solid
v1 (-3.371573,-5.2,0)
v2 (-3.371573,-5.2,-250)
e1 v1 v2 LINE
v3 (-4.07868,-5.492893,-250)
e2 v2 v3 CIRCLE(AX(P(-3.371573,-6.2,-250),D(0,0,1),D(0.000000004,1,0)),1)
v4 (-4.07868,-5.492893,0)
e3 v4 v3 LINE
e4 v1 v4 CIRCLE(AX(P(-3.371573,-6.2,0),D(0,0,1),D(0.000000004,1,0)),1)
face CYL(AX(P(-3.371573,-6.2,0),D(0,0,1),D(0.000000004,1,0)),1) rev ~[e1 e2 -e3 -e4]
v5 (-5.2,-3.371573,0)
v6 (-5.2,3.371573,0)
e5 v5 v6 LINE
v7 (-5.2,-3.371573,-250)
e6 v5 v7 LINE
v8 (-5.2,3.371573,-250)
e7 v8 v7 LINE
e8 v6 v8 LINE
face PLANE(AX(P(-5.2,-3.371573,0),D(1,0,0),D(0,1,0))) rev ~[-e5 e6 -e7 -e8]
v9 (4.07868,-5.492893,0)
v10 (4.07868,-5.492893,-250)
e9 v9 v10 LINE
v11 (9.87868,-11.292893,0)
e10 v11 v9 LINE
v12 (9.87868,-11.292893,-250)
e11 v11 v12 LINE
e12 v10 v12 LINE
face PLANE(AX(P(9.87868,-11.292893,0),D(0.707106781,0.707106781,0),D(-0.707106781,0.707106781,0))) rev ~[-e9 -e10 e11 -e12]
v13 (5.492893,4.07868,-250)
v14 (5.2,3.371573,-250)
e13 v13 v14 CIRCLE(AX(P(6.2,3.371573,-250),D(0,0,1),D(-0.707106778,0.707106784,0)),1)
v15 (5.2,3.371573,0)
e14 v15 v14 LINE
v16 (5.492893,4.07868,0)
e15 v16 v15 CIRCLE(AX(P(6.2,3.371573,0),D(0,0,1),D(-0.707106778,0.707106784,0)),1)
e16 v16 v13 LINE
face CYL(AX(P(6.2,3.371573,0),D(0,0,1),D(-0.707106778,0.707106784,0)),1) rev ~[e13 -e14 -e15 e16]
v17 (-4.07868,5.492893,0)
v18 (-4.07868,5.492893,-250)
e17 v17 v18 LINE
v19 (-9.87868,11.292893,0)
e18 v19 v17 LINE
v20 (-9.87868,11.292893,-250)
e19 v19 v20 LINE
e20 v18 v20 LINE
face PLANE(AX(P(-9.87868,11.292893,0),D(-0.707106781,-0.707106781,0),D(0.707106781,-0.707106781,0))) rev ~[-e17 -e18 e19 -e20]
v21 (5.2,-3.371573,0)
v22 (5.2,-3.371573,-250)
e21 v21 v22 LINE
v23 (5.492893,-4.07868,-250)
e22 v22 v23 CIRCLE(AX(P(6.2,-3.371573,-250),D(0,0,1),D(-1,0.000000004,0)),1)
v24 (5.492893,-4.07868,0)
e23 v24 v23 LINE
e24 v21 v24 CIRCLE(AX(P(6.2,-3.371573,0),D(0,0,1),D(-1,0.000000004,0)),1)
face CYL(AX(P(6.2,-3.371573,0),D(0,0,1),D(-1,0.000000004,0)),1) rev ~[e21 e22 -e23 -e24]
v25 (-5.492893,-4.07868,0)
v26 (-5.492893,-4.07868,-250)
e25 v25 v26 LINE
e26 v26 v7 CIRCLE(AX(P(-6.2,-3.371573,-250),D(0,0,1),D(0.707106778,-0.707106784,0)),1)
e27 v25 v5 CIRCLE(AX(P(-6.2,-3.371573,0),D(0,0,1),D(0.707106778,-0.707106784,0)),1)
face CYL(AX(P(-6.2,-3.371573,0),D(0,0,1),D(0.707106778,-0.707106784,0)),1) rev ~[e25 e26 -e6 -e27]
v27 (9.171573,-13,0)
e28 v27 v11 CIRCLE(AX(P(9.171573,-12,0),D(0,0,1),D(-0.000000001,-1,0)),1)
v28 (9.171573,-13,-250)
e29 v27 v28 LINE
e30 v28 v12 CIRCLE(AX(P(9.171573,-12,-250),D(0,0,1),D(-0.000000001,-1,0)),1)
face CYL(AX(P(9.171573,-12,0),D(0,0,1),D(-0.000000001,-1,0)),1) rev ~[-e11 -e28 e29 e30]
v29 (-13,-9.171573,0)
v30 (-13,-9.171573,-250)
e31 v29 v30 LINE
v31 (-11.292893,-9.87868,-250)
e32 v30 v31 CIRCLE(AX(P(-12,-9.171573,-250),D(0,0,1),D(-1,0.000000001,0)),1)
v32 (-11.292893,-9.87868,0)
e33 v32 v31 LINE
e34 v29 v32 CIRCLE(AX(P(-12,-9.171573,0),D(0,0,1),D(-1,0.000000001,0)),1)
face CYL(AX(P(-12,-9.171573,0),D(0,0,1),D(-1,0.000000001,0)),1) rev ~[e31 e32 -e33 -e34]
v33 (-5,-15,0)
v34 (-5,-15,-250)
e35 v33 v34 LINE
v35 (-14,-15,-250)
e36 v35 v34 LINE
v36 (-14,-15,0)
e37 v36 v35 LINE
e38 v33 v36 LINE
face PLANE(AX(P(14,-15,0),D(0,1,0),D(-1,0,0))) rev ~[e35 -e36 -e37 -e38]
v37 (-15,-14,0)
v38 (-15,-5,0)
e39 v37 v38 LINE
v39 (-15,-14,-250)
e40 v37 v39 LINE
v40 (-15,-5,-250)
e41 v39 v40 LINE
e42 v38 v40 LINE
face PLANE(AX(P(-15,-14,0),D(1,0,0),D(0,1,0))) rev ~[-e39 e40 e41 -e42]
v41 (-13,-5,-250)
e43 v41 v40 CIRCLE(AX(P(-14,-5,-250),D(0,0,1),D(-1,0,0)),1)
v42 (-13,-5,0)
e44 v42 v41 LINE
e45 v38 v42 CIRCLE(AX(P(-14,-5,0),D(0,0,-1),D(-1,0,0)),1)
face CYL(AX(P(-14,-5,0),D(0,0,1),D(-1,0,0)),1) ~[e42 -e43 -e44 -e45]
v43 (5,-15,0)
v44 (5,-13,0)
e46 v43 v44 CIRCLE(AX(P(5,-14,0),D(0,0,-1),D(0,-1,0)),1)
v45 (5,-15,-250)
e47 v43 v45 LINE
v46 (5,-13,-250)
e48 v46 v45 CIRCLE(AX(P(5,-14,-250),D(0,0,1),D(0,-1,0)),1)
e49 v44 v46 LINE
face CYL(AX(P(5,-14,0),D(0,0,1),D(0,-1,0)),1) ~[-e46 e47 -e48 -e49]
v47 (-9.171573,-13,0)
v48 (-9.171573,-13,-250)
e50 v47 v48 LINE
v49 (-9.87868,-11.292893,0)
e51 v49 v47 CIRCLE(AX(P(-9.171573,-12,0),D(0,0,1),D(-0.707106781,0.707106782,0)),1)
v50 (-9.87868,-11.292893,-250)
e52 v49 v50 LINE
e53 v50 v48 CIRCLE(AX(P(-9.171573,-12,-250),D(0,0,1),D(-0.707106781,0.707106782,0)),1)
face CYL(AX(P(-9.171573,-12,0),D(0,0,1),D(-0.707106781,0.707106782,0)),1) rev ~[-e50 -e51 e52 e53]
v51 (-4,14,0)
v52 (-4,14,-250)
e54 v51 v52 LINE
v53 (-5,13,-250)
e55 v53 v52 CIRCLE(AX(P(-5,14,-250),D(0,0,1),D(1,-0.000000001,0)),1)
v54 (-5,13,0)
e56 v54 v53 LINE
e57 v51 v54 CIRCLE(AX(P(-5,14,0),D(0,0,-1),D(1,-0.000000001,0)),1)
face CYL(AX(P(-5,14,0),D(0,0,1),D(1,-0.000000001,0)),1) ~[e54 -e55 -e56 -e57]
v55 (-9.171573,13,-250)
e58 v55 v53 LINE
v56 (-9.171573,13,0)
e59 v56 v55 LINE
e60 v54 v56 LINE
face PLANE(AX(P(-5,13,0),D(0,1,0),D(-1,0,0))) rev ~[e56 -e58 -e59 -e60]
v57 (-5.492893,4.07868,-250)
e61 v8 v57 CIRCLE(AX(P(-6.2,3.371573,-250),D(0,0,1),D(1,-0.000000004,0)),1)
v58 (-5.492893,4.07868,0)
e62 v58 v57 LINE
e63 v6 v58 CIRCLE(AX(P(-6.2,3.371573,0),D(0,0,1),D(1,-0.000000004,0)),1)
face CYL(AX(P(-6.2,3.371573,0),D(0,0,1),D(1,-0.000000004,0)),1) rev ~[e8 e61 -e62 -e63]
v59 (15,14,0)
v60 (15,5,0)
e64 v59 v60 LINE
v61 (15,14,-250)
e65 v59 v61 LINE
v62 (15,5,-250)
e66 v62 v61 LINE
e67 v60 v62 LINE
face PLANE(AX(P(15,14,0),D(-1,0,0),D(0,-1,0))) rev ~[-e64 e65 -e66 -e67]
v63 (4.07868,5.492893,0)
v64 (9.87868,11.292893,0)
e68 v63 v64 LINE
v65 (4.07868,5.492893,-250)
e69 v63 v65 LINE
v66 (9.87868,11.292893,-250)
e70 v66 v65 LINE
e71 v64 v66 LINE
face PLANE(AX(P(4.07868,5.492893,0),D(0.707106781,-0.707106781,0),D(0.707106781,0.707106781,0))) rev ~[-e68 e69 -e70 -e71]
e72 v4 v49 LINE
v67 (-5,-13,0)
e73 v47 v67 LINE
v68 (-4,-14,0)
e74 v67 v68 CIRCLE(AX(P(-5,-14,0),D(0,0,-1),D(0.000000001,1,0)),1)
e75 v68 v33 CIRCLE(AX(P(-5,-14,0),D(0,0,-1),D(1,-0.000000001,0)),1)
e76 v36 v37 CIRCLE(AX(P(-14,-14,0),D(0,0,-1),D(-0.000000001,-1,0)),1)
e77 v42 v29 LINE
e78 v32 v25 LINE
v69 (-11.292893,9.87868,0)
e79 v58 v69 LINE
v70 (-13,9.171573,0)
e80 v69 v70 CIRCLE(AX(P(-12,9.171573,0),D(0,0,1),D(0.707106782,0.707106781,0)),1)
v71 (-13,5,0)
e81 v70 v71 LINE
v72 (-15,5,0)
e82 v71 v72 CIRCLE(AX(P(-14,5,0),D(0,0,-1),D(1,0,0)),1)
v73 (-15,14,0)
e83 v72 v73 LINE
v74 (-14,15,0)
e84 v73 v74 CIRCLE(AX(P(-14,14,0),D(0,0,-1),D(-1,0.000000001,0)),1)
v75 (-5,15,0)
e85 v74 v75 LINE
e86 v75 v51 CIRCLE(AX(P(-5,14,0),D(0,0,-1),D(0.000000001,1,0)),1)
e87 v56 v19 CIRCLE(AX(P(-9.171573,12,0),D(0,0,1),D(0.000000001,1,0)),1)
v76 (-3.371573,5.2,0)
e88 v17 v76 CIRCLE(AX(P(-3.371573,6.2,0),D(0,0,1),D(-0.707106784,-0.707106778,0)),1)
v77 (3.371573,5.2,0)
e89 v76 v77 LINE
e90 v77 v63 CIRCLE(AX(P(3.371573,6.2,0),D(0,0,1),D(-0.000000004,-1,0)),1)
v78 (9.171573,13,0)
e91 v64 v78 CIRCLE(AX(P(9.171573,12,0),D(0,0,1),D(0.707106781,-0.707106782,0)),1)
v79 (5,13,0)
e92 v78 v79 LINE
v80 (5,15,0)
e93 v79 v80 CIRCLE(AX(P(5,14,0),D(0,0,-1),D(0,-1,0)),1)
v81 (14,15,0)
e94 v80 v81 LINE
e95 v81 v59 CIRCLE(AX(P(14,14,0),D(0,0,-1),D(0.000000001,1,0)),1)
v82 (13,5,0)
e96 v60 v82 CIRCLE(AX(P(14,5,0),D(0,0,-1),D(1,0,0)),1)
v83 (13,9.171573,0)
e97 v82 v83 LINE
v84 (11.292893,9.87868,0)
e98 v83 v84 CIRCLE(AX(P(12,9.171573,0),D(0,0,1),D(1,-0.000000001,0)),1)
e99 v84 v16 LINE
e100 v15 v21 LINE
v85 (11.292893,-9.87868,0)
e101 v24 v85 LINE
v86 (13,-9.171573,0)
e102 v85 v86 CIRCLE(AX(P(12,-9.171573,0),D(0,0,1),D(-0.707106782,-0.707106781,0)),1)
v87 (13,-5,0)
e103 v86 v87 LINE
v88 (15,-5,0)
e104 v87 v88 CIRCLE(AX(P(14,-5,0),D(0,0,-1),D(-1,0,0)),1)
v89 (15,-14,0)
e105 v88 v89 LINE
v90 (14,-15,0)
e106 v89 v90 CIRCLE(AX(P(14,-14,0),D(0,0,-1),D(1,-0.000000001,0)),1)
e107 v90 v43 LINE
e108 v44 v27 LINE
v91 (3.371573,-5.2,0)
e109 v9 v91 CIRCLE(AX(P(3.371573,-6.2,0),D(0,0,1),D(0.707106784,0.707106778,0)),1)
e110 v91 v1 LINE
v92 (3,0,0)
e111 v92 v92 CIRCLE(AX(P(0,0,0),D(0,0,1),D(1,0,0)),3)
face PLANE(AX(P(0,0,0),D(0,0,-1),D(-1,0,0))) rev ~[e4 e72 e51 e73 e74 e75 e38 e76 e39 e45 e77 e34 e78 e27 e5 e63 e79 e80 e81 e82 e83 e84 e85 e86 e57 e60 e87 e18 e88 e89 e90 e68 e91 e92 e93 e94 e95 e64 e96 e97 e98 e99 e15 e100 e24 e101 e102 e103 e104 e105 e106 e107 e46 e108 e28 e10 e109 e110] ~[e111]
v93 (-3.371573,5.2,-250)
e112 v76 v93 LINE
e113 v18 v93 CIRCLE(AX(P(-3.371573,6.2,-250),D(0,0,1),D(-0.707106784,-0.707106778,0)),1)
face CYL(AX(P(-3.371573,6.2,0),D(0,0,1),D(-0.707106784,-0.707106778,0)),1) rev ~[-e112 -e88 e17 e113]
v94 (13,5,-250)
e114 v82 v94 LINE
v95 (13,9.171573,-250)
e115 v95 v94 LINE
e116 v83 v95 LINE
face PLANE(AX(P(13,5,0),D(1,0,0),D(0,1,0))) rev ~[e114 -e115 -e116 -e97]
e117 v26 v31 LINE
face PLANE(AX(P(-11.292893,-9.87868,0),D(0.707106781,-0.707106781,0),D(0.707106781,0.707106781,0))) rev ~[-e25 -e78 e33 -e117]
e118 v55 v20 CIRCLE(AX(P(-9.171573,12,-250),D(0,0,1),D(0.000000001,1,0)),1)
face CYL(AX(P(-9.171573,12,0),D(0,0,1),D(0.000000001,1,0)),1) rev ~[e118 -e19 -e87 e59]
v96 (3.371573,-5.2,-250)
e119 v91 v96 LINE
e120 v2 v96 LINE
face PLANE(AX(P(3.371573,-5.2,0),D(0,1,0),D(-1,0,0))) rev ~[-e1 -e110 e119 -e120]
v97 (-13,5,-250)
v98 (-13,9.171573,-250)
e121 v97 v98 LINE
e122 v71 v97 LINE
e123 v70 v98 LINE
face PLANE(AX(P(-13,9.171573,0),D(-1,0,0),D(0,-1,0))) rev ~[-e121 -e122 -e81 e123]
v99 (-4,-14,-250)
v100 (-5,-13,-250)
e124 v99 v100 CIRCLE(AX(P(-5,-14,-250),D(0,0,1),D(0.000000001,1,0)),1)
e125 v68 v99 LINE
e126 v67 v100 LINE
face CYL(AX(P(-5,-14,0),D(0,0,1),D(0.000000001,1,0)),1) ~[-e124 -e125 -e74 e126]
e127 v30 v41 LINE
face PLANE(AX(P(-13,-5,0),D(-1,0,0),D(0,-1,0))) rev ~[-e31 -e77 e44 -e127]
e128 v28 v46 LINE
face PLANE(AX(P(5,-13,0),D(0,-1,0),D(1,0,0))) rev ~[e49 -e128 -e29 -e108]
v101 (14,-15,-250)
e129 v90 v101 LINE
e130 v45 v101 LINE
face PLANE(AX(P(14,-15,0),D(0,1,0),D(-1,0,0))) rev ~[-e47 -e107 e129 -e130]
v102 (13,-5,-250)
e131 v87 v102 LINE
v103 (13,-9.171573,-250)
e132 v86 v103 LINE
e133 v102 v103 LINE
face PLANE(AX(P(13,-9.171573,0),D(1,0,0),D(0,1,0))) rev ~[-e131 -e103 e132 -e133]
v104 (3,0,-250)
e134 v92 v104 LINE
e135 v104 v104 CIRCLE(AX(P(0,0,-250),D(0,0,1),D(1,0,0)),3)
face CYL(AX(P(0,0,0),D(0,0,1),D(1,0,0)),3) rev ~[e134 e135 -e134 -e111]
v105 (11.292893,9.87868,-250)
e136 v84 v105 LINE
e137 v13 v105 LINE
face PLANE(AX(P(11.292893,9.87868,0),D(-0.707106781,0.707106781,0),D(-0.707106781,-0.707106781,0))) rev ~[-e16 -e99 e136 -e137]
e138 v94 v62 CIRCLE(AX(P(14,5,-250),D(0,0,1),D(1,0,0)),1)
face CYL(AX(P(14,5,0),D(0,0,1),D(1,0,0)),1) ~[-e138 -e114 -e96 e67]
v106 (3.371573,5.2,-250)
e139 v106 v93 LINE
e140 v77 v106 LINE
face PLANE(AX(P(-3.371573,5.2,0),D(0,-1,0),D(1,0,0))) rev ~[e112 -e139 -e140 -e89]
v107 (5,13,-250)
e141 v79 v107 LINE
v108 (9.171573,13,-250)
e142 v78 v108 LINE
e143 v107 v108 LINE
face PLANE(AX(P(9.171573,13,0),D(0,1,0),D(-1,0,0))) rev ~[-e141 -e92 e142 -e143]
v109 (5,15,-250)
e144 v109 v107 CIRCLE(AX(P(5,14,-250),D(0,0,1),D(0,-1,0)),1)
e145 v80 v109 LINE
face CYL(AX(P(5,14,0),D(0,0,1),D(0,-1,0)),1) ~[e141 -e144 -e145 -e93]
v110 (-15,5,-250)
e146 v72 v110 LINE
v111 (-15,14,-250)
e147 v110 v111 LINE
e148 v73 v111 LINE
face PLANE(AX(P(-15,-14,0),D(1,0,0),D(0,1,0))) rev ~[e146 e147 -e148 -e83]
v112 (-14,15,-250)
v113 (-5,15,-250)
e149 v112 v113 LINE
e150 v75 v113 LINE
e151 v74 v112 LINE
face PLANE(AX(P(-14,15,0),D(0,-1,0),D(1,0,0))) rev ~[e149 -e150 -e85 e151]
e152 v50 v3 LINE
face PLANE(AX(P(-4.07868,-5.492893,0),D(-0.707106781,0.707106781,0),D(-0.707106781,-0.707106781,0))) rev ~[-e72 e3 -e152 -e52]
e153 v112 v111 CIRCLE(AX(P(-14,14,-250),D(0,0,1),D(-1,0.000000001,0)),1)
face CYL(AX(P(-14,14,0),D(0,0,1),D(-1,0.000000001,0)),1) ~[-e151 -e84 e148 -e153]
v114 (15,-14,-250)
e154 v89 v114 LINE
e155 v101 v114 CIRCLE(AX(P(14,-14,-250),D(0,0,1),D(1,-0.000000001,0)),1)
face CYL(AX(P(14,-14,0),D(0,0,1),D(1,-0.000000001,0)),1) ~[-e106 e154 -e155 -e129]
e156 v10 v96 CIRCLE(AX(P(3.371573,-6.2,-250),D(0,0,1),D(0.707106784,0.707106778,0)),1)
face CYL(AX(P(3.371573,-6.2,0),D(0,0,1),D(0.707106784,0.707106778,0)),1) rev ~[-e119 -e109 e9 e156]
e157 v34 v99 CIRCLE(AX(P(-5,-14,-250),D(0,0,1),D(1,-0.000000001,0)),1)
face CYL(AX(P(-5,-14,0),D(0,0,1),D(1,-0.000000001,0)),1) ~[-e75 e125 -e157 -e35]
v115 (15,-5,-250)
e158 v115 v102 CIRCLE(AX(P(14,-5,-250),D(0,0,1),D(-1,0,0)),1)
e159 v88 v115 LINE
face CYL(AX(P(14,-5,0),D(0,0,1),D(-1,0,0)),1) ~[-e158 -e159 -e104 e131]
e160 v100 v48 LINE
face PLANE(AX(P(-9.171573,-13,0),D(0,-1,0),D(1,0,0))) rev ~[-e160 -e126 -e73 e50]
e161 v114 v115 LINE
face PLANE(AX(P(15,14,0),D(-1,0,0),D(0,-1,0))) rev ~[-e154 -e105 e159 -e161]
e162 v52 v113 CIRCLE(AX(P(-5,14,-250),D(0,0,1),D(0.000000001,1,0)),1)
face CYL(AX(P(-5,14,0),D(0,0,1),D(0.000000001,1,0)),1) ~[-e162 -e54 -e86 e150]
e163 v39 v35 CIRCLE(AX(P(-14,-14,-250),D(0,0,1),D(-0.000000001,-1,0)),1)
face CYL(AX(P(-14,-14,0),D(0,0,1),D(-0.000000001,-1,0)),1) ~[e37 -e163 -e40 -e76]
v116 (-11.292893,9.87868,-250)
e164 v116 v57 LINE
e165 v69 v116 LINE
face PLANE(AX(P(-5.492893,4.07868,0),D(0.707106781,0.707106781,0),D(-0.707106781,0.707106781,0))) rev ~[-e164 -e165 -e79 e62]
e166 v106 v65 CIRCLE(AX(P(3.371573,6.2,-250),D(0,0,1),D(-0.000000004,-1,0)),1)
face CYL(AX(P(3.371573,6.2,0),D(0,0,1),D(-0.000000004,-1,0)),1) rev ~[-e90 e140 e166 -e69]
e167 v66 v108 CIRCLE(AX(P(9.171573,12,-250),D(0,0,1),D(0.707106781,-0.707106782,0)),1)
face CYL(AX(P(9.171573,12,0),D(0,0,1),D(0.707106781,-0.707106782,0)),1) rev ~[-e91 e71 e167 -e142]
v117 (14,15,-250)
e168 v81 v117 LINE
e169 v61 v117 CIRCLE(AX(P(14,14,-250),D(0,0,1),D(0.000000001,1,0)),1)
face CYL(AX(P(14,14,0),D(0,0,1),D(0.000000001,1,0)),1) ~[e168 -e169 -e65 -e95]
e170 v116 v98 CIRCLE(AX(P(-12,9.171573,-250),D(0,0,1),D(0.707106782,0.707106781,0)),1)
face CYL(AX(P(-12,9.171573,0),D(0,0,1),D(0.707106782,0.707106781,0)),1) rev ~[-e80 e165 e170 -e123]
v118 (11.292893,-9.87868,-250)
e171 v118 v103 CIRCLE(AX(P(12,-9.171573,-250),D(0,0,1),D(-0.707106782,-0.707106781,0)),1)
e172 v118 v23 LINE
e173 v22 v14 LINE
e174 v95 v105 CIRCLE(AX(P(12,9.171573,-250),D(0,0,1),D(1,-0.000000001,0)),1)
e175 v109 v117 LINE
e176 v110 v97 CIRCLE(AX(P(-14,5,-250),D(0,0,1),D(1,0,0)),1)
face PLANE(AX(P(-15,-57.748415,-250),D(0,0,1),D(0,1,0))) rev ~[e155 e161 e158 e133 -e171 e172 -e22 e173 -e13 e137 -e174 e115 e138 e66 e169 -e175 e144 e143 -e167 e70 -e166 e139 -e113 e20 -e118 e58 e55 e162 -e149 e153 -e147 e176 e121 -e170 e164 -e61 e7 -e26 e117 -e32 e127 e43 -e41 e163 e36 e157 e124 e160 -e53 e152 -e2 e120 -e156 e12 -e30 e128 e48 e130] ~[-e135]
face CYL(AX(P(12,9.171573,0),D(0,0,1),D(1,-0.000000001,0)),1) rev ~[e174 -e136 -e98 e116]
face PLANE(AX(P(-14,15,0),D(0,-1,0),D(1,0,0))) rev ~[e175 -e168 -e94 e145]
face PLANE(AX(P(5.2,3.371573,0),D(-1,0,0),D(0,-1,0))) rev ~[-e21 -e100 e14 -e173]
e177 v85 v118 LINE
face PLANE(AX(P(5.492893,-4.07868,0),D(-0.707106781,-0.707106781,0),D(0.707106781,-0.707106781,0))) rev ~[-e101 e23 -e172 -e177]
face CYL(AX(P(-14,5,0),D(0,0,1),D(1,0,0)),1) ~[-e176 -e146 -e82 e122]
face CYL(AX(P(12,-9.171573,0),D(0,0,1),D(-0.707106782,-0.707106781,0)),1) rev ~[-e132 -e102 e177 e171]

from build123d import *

# Parameters (mm, degrees)
SALIENTE_EXTRUIR1_DEPTH = 1400
CROQUIS2_R              = 3
CORTAR_EXTRUIR1_DEPTH   = 1401.160705062
CORTAR_EXTRUIR3_DEPTH   = 1401.160705062
CROQUIS4_W              = 1150
CROQUIS4_H              = 72.748415438
CORTAR_EXTRUIR5_DEPTH   = 254


with BuildPart() as part:
    # Croquis1 → Saliente-Extruir1 (new body)
    with BuildSketch(Plane.XY):
        with BuildLine():
            Line((-14, 15), (14, 15))
            ThreePointArc((14, 15), (14.707106781, 14.707106781), (15, 14))
            Line((15, 14), (15, -14))
            ThreePointArc((15, -14), (14.707106781, -14.707106781), (14, -15))
            Line((14, -15), (-14, -15))
            ThreePointArc((-14, -15), (-14.707106781, -14.707106781), (-15, -14))
            Line((-15, -14), (-15, 14))
            ThreePointArc((-15, 14), (-14.707106781, 14.707106781), (-14, 15))
        make_face()
    extrude(amount=-SALIENTE_EXTRUIR1_DEPTH)

    # Croquis2 → Cortar-Extruir1 (cut, through all)
    with BuildSketch(Plane.XY):
        Circle(CROQUIS2_R)
    extrude(amount=-CORTAR_EXTRUIR1_DEPTH, mode=Mode.SUBTRACT)

    # Croquis3 → Cortar-Extruir3 (cut, through all)
    with BuildSketch(Plane.XY):
        with BuildLine():
            Line((-5.492893219, 4.078679656), (-11.292893219, 9.878679656))
            ThreePointArc((-11.292893219, 9.878679656), (-12.382683432, 10.095452408), (-13, 9.171572875))
            Line((-13, 9.171572875), (-13, 5))
            ThreePointArc((-13, 5), (-14, 4), (-15, 5))
            Line((-15, 5), (-15, -5))
            ThreePointArc((-15, -5), (-14, -4), (-13, -5))
            Line((-13, -5), (-13, -9.171572875))
            ThreePointArc((-13, -9.171572875), (-12.382683432, -10.095452408), (-11.292893219, -9.878679656))
            Line((-11.292893219, -9.878679656), (-5.492893219, -4.078679656))
            ThreePointArc((-5.492893219, -4.078679656), (-5.276120467, -3.754256308), (-5.2, -3.371572875))
            Line((-5.2, -3.371572875), (-5.2, 3.371572875))
            ThreePointArc((-5.2, 3.371572875), (-5.276120467, 3.754256308), (-5.492893219, 4.078679656))
        make_face()
        with BuildLine():
            ThreePointArc((-9.171572875, 13), (-10.095452408, 12.382683432), (-9.878679656, 11.292893219))
            Line((-9.878679656, 11.292893219), (-4.078679656, 5.492893219))
            ThreePointArc((-4.078679656, 5.492893219), (-3.754256308, 5.276120467), (-3.371572875, 5.2))
            Line((-3.371572875, 5.2), (3.371572875, 5.2))
            ThreePointArc((3.371572875, 5.2), (3.754256308, 5.276120467), (4.078679656, 5.492893219))
            Line((4.078679656, 5.492893219), (9.878679656, 11.292893219))
            ThreePointArc((9.878679656, 11.292893219), (10.095452408, 12.382683432), (9.171572875, 13))
            Line((9.171572875, 13), (5, 13))
            ThreePointArc((5, 13), (4, 14), (5, 15))
            Line((5, 15), (-5, 15))
            ThreePointArc((-5, 15), (-4.292893219, 14.707106781), (-4, 14))
            ThreePointArc((-4, 14), (-4.292893219, 13.292893219), (-5, 13))
            Line((-5, 13), (-9.171572875, 13))
        make_face()
        with BuildLine():
            Line((9.878679656, -11.292893219), (4.078679656, -5.492893219))
            ThreePointArc((4.078679656, -5.492893219), (3.754256308, -5.276120467), (3.371572875, -5.2))
            Line((3.371572875, -5.2), (-3.371572875, -5.2))
            ThreePointArc((-3.371572875, -5.2), (-3.754256308, -5.276120467), (-4.078679656, -5.492893219))
            Line((-4.078679656, -5.492893219), (-9.878679656, -11.292893219))
            ThreePointArc((-9.878679656, -11.292893219), (-10.095452408, -12.382683432), (-9.171572875, -13))
            Line((-9.171572875, -13), (-5, -13))
            ThreePointArc((-5, -13), (-4.292893219, -13.292893219), (-4, -14))
            ThreePointArc((-4, -14), (-4.292893219, -14.707106781), (-5, -15))
            Line((-5, -15), (5, -15))
            ThreePointArc((5, -15), (4, -14), (5, -13))
            Line((5, -13), (9.171572875, -13))
            ThreePointArc((9.171572875, -13), (10.095452408, -12.382683432), (9.878679656, -11.292893219))
        make_face()
        with BuildLine():
            ThreePointArc((13, 9.171572875), (12.382683432, 10.095452408), (11.292893219, 9.878679656))
            Line((11.292893219, 9.878679656), (5.492893219, 4.078679656))
            ThreePointArc((5.492893219, 4.078679656), (5.276120467, 3.754256308), (5.2, 3.371572875))
            Line((5.2, 3.371572875), (5.2, -3.371572875))
            ThreePointArc((5.2, -3.371572875), (5.276120467, -3.754256308), (5.492893219, -4.078679656))
            Line((5.492893219, -4.078679656), (11.292893219, -9.878679656))
            ThreePointArc((11.292893219, -9.878679656), (12.382683432, -10.095452408), (13, -9.171572875))
            Line((13, -9.171572875), (13, -5))
            ThreePointArc((13, -5), (14, -4), (15, -5))
            Line((15, -5), (15, 5))
            ThreePointArc((15, 5), (14, 4), (13, 5))
            Line((13, 5), (13, 9.171572875))
        make_face()
    extrude(amount=-CORTAR_EXTRUIR3_DEPTH, mode=Mode.SUBTRACT)

    # Croquis4 → Cortar-Extruir5 (cut)
    with BuildSketch(Plane.ZY.offset(15)):
        with Locations((-825, -21.374207719)):
            Rectangle(CROQUIS4_W, CROQUIS4_H)
    extrude(amount=-CORTAR_EXTRUIR5_DEPTH, mode=Mode.SUBTRACT)


solid = part.part
